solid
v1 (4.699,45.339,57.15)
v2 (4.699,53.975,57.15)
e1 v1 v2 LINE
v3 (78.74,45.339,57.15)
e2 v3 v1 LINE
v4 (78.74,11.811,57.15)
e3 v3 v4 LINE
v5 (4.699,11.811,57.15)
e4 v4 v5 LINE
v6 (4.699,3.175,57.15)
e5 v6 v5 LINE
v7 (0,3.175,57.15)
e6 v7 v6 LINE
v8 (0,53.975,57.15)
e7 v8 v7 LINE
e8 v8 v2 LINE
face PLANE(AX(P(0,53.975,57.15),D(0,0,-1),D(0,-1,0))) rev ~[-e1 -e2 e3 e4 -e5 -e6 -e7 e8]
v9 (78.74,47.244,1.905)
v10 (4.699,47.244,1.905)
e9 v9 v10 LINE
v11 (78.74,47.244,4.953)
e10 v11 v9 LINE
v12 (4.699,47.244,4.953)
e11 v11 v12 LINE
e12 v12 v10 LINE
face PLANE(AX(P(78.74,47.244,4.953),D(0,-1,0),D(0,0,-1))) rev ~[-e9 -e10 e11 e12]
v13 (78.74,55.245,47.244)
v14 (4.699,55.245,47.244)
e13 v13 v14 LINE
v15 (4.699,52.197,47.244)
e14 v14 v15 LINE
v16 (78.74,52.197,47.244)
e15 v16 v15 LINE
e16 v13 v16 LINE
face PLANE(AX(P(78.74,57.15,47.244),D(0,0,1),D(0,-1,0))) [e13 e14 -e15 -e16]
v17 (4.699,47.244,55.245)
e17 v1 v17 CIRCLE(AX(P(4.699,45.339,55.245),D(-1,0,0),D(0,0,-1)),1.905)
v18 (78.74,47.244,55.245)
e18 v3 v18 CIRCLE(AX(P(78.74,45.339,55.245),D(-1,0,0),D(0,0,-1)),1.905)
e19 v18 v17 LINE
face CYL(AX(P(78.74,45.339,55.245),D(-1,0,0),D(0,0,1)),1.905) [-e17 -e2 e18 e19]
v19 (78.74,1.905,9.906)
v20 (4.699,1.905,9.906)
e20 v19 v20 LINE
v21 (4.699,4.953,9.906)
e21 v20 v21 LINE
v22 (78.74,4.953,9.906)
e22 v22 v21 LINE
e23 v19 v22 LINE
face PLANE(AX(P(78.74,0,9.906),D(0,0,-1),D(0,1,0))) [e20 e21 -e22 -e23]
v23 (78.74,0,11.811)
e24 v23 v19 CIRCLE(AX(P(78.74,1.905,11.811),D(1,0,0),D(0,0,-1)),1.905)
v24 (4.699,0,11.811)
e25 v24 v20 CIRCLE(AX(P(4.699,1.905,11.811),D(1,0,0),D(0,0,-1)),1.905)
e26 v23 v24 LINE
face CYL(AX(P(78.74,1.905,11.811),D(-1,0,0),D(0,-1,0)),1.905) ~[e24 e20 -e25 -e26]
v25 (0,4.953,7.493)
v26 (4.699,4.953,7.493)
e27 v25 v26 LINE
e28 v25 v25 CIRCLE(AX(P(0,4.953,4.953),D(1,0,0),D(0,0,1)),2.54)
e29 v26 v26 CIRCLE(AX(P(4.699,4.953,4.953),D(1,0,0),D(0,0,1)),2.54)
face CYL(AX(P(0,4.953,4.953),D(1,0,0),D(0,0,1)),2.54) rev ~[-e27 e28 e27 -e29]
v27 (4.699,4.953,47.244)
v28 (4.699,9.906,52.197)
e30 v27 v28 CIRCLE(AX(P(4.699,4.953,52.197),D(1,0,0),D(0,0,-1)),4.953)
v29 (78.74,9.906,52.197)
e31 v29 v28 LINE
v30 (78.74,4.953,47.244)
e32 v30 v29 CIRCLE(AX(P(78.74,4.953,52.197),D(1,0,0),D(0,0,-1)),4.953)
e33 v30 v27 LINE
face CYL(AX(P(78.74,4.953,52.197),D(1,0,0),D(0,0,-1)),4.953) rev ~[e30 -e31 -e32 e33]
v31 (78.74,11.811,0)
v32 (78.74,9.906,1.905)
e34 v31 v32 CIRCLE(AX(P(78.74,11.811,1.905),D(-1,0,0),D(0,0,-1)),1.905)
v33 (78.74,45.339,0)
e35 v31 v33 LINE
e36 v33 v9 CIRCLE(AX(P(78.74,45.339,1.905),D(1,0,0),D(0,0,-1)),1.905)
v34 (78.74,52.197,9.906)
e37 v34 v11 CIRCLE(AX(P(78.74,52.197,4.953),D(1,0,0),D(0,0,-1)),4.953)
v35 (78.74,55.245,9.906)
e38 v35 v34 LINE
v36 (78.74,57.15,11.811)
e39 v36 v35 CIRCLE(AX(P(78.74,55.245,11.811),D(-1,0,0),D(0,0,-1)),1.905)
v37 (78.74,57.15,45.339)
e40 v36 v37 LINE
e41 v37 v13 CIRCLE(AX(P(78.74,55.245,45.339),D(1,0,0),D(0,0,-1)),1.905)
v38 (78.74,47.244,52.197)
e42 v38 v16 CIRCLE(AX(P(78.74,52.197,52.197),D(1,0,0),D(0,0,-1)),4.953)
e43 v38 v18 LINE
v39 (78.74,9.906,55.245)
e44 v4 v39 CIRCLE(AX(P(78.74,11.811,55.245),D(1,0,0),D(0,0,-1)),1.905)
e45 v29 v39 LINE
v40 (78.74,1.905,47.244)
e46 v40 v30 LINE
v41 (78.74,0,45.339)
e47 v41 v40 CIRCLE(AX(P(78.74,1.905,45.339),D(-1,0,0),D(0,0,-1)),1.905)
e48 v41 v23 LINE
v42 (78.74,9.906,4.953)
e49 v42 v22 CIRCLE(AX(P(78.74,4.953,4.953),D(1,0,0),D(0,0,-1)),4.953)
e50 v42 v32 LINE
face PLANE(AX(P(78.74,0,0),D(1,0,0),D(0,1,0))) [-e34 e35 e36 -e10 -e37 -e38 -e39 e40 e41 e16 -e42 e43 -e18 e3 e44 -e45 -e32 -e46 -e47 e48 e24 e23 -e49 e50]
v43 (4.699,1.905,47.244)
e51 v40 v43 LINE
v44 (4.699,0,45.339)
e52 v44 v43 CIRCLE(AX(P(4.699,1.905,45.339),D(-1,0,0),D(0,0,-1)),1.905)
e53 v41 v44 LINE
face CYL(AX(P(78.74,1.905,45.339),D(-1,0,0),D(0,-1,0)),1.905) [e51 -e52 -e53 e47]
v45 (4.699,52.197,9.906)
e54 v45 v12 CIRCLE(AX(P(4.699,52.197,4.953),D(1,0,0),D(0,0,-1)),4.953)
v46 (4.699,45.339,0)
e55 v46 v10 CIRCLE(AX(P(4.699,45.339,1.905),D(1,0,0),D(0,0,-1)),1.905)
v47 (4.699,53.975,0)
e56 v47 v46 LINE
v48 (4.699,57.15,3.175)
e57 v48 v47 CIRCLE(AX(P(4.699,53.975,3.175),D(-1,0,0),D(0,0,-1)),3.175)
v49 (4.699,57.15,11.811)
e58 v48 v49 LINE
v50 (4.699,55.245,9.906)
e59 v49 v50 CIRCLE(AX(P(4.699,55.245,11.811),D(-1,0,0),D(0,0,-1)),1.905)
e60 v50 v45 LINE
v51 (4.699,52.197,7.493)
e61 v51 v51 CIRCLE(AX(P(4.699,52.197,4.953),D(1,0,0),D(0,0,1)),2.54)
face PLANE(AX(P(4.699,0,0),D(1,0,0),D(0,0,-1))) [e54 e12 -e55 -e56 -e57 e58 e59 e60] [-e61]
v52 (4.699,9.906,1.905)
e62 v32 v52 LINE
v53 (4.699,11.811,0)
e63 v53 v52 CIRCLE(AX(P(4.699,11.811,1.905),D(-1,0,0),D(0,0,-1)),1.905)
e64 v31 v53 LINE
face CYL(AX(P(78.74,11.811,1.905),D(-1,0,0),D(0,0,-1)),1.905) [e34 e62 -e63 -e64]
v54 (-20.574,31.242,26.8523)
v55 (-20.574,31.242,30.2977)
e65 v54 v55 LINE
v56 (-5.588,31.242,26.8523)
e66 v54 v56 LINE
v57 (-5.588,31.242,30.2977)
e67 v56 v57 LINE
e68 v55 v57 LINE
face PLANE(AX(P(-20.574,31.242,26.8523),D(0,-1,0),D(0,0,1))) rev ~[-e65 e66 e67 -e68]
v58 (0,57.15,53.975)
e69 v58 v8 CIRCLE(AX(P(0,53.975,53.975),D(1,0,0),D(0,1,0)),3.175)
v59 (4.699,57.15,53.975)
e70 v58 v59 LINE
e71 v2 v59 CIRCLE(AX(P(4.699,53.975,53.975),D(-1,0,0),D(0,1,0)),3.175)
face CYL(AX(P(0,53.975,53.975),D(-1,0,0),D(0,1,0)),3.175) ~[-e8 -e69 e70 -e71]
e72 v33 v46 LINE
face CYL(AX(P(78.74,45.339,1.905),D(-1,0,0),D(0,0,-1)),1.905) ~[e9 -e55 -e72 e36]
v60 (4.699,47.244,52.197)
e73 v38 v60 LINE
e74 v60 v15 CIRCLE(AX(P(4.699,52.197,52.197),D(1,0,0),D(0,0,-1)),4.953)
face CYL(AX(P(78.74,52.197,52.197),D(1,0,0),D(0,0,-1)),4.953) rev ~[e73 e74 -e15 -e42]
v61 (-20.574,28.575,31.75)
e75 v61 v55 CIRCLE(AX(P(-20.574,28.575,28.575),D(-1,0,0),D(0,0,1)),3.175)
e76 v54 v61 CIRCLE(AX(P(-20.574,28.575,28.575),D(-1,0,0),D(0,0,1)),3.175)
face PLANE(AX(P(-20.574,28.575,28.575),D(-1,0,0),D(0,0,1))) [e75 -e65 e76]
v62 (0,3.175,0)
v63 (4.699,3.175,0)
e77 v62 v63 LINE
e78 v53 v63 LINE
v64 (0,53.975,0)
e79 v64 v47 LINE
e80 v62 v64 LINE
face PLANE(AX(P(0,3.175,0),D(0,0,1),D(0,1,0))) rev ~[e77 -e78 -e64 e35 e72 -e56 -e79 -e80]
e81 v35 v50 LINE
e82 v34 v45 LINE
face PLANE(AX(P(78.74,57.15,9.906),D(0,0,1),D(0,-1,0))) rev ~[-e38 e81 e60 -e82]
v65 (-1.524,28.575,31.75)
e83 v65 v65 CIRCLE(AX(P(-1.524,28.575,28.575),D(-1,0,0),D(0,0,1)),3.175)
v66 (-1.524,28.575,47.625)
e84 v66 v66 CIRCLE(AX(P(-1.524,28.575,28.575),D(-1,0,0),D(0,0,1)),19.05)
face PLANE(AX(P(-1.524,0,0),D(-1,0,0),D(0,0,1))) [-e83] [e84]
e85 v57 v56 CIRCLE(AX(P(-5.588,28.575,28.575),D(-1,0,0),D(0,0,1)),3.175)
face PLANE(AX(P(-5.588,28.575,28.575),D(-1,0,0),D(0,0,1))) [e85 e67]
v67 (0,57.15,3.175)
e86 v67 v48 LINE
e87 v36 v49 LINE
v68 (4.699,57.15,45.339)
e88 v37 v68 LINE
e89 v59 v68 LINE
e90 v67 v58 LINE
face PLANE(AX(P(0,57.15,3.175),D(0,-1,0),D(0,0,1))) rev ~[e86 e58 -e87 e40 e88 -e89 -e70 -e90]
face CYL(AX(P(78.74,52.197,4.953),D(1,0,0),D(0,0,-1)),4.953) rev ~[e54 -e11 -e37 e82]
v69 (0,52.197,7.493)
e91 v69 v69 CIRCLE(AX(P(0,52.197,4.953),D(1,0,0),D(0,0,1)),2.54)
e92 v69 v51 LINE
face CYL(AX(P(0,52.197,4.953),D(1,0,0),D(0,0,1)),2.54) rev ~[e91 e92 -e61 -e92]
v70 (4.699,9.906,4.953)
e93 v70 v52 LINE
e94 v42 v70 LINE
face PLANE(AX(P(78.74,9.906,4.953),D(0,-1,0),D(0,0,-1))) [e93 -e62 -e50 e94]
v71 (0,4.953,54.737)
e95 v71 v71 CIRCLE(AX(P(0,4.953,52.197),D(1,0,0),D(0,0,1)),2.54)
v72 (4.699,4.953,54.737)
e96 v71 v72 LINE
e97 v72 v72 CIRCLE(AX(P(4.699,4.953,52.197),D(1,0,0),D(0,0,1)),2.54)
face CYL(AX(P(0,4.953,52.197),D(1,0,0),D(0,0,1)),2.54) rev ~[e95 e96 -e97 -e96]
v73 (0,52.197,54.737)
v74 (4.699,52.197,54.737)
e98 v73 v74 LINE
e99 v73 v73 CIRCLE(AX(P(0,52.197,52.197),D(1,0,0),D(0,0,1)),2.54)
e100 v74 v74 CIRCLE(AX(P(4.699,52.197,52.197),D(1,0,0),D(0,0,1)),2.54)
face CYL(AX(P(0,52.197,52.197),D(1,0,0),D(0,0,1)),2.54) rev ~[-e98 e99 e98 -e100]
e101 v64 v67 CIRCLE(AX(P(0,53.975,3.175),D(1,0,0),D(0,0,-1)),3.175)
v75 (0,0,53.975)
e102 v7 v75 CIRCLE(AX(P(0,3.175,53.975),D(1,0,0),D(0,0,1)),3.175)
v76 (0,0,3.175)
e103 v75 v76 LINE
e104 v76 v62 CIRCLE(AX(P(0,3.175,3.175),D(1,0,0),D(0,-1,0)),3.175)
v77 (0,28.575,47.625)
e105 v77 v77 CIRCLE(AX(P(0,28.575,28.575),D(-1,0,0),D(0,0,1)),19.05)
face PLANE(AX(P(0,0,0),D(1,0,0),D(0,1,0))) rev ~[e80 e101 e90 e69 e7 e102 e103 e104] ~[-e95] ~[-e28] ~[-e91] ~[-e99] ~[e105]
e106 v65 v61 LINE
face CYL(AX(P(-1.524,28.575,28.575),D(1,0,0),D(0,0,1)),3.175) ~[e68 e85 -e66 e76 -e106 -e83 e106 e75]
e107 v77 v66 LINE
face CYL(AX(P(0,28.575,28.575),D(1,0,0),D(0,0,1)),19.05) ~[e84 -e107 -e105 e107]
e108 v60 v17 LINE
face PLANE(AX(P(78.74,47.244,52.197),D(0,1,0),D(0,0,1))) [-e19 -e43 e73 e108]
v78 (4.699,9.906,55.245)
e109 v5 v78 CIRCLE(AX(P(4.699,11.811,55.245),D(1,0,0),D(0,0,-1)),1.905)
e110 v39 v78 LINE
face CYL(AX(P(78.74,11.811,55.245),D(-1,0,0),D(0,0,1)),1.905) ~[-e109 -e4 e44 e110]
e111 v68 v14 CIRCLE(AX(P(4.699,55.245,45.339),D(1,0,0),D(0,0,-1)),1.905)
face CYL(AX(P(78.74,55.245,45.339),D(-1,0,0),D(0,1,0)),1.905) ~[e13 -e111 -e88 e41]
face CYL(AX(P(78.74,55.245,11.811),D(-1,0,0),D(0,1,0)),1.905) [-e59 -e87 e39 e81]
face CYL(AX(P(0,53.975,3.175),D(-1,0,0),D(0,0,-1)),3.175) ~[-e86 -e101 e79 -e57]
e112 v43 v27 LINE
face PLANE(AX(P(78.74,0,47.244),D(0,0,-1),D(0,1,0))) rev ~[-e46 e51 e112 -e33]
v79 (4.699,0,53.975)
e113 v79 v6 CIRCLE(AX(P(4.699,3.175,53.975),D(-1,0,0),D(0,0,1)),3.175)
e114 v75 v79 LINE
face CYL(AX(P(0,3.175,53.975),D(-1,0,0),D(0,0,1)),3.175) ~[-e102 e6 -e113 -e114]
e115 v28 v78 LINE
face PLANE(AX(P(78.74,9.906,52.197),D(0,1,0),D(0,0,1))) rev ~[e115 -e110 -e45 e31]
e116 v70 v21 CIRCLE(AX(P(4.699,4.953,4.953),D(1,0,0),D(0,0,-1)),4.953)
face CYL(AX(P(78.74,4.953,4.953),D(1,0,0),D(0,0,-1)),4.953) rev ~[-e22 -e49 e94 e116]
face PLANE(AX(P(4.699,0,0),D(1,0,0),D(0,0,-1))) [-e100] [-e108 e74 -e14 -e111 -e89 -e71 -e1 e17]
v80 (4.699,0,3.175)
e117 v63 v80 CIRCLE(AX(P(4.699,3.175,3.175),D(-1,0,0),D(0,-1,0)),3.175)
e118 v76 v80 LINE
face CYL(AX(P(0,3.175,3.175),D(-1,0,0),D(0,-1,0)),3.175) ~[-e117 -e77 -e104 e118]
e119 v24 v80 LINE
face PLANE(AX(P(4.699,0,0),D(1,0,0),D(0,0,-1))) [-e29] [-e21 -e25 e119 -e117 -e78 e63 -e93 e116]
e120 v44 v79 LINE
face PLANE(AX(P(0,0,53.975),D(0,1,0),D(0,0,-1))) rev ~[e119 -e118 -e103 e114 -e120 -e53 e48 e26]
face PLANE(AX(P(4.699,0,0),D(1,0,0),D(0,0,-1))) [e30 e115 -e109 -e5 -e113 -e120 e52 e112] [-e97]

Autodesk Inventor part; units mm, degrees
ref_plane "YZ Plane" through (0, 0, 0) normal (1, 0, 0) x (0, 1, 0)
ref_plane "XZ Plane" through (0, 0, 0) normal (0, 1, 0) x (-1, 0, 0)
ref_plane "XY Plane" through (0, 0, 0) normal (0, 0, 1) x (1, 0, 0)
sketch "Sketch1" plane through (0, 0, 0) normal (1, 0, 0) x (0, 1, 0)
  line L0 (3.175, 0) -> (53.975, 0)
  line L1 (57.15, 3.175) -> (57.15, 53.975)
  line L2 (53.975, 57.15) -> (3.175, 57.15)
  line L3 (0, 53.975) -> (0, 3.175)
  arc A0 (3.175, 57.15) -> (0, 53.975) centre (3.175, 53.975) ccw
  arc A1 (57.15, 53.975) -> (53.975, 57.15) centre (53.975, 53.975) ccw
  arc A2 (53.975, 0) -> (57.15, 3.175) centre (53.975, 3.175) ccw
  arc A3 (0, 3.175) -> (3.175, 0) centre (3.175, 3.175) ccw
  point P0 (0, 0)
  point P1 (57.15, 57.15)
  point P2 (57.15, 0)
  point P3 (0, 57.15)
  dimension "d0" = 57.15
  dimension "d1" = 57.15
  dimension "d17" = 3.175
extrude "Extrusion1" add sketch "Sketch1" along normal blind 78.74
sketch "Sketch2" plane through (0, 0, 0) normal (-1, 0, 0) x (0, 0, 1)
  line L0 (0, 53.975) -> (0, 3.175) projected
  line L1 (53.975, 57.15) -> (3.175, 57.15) projected
  circle A0 centre (28.575, 28.575) radius 19.05
  point P0 (0, 57.15)
  point P1 (0, 0)
  point P2 (57.15, 57.15)
  dimension "d4" = 38.1
  dimension "d18" = 28.575
  dimension "d19" = 28.575
extrude "Extrusion2" add sketch "Sketch2" along normal blind 1.524
sketch "Sketch3" plane through (-1.524, 28.575, 28.575) normal (-1, 0, 0) x (0, 0, 1)
  circle A0 centre (0, 0) radius 19.05 projected
  circle A1 centre (0, 0) radius 3.175
  point P0 (-28.575, -28.575)
  dimension "d10" = 6.35
extrude "Extrusion3" add sketch "Sketch3" along normal blind 19.05 contours A1
sketch "Sketch4" plane through (-20.574, 28.575, 28.575) normal (-1, 0, 0) x (0, 0, 1)
  circle A0 centre (0, 0) radius 3.175 projected
  line L0 (-1.7227, 2.667) -> (1.7227, 2.667)
  line L1 (0, -3.175) -> (-5.2914, -3.175)
  point P0 (-28.575, -28.575)
  dimension "d13" = 5.842
extrude "Extrusion4" cut sketch "Sketch4" against normal blind 14.986 contours L0 A0 picked at (-0.1211, 2.8294)
sketch "Sketch5" plane through (78.74, 0, 0) normal (1, 0, 0) x (0, 0, -1)
  line L0 (-57.15, 53.975) -> (-57.15, 3.175) projected
  arc A0 (-57.15, 3.175) -> (-53.975, 0) centre (-53.975, 3.175) ccw projected
  line L1 (-53.975, 0) -> (-3.175, 0) projected
  arc A1 (-3.175, 0) -> (0, 3.175) centre (-3.175, 3.175) ccw projected
  line L2 (0, 3.175) -> (0, 53.975) projected
  arc A2 (0, 53.975) -> (-3.175, 57.15) centre (-3.175, 53.975) ccw projected
  line L3 (-3.175, 57.15) -> (-53.975, 57.15) projected
  arc A3 (-53.975, 57.15) -> (-57.15, 53.975) centre (-53.975, 53.975) ccw projected
  circle A4 centre (-52.197, 52.197) radius 2.54
  circle A5 centre (-52.197, 52.197) radius 4.953
  line L4 (-3.175, 57.15) -> (-53.975, 57.15) projected
  line L5 (-52.197, 47.244) -> (-57.15, 47.244)
  line L6 (-57.15, 47.244) -> (-57.15, 57.15)
  line L7 (-57.15, 57.15) -> (-47.244, 57.15)
  line L8 (-47.244, 57.15) -> (-47.244, 52.197)
  circle A6 centre (-4.953, 52.197) radius 4.953
  circle A7 centre (-4.953, 4.953) radius 4.953
  circle A8 centre (-52.197, 4.953) radius 4.953
  line L9 (0, 3.175) -> (0, 53.975) projected
  line L10 (-53.975, 0) -> (-3.175, 0) projected
  line L11 (-57.15, 53.975) -> (-57.15, 3.175) projected
  line L12 (0, 57.15) -> (-9.906, 57.15)
  line L13 (-9.906, 57.15) -> (-9.906, 52.197)
  line L14 (-4.953, 47.244) -> (0, 47.244)
  line L15 (0, 47.244) -> (0, 57.15)
  line L16 (-57.15, 0) -> (-47.244, 0)
  line L17 (-47.244, 0) -> (-47.244, 4.953)
  line L18 (-52.197, 9.906) -> (-57.15, 9.906)
  line L19 (-57.15, 9.906) -> (-57.15, 0)
  line L20 (-4.953, 9.906) -> (0, 9.906)
  line L21 (0, 9.906) -> (0, 0)
  line L22 (0, 0) -> (-9.906, 0)
  line L23 (-9.906, 0) -> (-9.906, 4.953)
  dimension "d48" = 4.953
  dimension "d49" = 4.953
  dimension "d50" = 5.08
  dimension "d51" = 9.906
  dimension "d52" = 9.906
  dimension "d53" = 9.906
  dimension "d54" = 9.906
  dimension "d55" = 9.906
  dimension "d56" = 9.906
  dimension "d57" = 9.906
  dimension "d58" = 9.906
  dimension "d59" = 9.906
  dimension "d60" = 9.906
  dimension "d61" = 9.906
  dimension "d62" = 9.906
  dimension "d63" = 9.906
extrude "Extrusion6" cut sketch "Sketch5" against normal blind 74.041 contours L0 A5 L5 | L18 A8 L0 | L0 A3 L3 A5 | A5 | A8 L1 A0 L0 | A8 | L6 L7 A3 | L3 L8 A5 | A0 L16 L19 | A8 L17 L1 | L3 A6 L13 | L23 A7 L1 | L3 A2 L2 A6 | A6 | A7 L2 A1 L1 | A7 | L12 L15 A2 | L2 L14 A6 | A1 L21 L22 | A7 L20 L2 | A4
fillet "Fillet1" radius 1.905 8 edges at (41.7195, 57.15, 47.244) (41.7195, 47.244, 57.15) (41.7195, 57.15, 9.906) (41.7195, 47.244, 0) (41.7195, 9.906, 0) (41.7195, 0, 9.906) (41.7195, 0, 47.244) (41.7195, 9.906, 57.15)
sketch "Sketch6" plane through (0, 0, 0) normal (-1, 0, 0) x (0, 0, 1)
  line L0 (53.975, 57.15) -> (3.175, 57.15) projected
  line L1 (0, 53.975) -> (0, 3.175) projected
  point P0 (0, 0)
  point P1 (4.953, 52.197)
  point P2 (52.197, 52.197)
  point P3 (52.197, 4.953)
  point P4 (4.953, 4.953)
  dimension "d36" = 47.244
  dimension "d37" = 47.244
  dimension "d39" = 4.953
  dimension "d40" = 4.953
hole "Hole1" at (0, 52.197, 4.953) at (0, 52.197, 52.197) at (0, 4.953, 52.197) at (0, 4.953, 4.953) direction (1, 0, 0) diameter 5.08 end through all
properties part number "G723-280-4"
